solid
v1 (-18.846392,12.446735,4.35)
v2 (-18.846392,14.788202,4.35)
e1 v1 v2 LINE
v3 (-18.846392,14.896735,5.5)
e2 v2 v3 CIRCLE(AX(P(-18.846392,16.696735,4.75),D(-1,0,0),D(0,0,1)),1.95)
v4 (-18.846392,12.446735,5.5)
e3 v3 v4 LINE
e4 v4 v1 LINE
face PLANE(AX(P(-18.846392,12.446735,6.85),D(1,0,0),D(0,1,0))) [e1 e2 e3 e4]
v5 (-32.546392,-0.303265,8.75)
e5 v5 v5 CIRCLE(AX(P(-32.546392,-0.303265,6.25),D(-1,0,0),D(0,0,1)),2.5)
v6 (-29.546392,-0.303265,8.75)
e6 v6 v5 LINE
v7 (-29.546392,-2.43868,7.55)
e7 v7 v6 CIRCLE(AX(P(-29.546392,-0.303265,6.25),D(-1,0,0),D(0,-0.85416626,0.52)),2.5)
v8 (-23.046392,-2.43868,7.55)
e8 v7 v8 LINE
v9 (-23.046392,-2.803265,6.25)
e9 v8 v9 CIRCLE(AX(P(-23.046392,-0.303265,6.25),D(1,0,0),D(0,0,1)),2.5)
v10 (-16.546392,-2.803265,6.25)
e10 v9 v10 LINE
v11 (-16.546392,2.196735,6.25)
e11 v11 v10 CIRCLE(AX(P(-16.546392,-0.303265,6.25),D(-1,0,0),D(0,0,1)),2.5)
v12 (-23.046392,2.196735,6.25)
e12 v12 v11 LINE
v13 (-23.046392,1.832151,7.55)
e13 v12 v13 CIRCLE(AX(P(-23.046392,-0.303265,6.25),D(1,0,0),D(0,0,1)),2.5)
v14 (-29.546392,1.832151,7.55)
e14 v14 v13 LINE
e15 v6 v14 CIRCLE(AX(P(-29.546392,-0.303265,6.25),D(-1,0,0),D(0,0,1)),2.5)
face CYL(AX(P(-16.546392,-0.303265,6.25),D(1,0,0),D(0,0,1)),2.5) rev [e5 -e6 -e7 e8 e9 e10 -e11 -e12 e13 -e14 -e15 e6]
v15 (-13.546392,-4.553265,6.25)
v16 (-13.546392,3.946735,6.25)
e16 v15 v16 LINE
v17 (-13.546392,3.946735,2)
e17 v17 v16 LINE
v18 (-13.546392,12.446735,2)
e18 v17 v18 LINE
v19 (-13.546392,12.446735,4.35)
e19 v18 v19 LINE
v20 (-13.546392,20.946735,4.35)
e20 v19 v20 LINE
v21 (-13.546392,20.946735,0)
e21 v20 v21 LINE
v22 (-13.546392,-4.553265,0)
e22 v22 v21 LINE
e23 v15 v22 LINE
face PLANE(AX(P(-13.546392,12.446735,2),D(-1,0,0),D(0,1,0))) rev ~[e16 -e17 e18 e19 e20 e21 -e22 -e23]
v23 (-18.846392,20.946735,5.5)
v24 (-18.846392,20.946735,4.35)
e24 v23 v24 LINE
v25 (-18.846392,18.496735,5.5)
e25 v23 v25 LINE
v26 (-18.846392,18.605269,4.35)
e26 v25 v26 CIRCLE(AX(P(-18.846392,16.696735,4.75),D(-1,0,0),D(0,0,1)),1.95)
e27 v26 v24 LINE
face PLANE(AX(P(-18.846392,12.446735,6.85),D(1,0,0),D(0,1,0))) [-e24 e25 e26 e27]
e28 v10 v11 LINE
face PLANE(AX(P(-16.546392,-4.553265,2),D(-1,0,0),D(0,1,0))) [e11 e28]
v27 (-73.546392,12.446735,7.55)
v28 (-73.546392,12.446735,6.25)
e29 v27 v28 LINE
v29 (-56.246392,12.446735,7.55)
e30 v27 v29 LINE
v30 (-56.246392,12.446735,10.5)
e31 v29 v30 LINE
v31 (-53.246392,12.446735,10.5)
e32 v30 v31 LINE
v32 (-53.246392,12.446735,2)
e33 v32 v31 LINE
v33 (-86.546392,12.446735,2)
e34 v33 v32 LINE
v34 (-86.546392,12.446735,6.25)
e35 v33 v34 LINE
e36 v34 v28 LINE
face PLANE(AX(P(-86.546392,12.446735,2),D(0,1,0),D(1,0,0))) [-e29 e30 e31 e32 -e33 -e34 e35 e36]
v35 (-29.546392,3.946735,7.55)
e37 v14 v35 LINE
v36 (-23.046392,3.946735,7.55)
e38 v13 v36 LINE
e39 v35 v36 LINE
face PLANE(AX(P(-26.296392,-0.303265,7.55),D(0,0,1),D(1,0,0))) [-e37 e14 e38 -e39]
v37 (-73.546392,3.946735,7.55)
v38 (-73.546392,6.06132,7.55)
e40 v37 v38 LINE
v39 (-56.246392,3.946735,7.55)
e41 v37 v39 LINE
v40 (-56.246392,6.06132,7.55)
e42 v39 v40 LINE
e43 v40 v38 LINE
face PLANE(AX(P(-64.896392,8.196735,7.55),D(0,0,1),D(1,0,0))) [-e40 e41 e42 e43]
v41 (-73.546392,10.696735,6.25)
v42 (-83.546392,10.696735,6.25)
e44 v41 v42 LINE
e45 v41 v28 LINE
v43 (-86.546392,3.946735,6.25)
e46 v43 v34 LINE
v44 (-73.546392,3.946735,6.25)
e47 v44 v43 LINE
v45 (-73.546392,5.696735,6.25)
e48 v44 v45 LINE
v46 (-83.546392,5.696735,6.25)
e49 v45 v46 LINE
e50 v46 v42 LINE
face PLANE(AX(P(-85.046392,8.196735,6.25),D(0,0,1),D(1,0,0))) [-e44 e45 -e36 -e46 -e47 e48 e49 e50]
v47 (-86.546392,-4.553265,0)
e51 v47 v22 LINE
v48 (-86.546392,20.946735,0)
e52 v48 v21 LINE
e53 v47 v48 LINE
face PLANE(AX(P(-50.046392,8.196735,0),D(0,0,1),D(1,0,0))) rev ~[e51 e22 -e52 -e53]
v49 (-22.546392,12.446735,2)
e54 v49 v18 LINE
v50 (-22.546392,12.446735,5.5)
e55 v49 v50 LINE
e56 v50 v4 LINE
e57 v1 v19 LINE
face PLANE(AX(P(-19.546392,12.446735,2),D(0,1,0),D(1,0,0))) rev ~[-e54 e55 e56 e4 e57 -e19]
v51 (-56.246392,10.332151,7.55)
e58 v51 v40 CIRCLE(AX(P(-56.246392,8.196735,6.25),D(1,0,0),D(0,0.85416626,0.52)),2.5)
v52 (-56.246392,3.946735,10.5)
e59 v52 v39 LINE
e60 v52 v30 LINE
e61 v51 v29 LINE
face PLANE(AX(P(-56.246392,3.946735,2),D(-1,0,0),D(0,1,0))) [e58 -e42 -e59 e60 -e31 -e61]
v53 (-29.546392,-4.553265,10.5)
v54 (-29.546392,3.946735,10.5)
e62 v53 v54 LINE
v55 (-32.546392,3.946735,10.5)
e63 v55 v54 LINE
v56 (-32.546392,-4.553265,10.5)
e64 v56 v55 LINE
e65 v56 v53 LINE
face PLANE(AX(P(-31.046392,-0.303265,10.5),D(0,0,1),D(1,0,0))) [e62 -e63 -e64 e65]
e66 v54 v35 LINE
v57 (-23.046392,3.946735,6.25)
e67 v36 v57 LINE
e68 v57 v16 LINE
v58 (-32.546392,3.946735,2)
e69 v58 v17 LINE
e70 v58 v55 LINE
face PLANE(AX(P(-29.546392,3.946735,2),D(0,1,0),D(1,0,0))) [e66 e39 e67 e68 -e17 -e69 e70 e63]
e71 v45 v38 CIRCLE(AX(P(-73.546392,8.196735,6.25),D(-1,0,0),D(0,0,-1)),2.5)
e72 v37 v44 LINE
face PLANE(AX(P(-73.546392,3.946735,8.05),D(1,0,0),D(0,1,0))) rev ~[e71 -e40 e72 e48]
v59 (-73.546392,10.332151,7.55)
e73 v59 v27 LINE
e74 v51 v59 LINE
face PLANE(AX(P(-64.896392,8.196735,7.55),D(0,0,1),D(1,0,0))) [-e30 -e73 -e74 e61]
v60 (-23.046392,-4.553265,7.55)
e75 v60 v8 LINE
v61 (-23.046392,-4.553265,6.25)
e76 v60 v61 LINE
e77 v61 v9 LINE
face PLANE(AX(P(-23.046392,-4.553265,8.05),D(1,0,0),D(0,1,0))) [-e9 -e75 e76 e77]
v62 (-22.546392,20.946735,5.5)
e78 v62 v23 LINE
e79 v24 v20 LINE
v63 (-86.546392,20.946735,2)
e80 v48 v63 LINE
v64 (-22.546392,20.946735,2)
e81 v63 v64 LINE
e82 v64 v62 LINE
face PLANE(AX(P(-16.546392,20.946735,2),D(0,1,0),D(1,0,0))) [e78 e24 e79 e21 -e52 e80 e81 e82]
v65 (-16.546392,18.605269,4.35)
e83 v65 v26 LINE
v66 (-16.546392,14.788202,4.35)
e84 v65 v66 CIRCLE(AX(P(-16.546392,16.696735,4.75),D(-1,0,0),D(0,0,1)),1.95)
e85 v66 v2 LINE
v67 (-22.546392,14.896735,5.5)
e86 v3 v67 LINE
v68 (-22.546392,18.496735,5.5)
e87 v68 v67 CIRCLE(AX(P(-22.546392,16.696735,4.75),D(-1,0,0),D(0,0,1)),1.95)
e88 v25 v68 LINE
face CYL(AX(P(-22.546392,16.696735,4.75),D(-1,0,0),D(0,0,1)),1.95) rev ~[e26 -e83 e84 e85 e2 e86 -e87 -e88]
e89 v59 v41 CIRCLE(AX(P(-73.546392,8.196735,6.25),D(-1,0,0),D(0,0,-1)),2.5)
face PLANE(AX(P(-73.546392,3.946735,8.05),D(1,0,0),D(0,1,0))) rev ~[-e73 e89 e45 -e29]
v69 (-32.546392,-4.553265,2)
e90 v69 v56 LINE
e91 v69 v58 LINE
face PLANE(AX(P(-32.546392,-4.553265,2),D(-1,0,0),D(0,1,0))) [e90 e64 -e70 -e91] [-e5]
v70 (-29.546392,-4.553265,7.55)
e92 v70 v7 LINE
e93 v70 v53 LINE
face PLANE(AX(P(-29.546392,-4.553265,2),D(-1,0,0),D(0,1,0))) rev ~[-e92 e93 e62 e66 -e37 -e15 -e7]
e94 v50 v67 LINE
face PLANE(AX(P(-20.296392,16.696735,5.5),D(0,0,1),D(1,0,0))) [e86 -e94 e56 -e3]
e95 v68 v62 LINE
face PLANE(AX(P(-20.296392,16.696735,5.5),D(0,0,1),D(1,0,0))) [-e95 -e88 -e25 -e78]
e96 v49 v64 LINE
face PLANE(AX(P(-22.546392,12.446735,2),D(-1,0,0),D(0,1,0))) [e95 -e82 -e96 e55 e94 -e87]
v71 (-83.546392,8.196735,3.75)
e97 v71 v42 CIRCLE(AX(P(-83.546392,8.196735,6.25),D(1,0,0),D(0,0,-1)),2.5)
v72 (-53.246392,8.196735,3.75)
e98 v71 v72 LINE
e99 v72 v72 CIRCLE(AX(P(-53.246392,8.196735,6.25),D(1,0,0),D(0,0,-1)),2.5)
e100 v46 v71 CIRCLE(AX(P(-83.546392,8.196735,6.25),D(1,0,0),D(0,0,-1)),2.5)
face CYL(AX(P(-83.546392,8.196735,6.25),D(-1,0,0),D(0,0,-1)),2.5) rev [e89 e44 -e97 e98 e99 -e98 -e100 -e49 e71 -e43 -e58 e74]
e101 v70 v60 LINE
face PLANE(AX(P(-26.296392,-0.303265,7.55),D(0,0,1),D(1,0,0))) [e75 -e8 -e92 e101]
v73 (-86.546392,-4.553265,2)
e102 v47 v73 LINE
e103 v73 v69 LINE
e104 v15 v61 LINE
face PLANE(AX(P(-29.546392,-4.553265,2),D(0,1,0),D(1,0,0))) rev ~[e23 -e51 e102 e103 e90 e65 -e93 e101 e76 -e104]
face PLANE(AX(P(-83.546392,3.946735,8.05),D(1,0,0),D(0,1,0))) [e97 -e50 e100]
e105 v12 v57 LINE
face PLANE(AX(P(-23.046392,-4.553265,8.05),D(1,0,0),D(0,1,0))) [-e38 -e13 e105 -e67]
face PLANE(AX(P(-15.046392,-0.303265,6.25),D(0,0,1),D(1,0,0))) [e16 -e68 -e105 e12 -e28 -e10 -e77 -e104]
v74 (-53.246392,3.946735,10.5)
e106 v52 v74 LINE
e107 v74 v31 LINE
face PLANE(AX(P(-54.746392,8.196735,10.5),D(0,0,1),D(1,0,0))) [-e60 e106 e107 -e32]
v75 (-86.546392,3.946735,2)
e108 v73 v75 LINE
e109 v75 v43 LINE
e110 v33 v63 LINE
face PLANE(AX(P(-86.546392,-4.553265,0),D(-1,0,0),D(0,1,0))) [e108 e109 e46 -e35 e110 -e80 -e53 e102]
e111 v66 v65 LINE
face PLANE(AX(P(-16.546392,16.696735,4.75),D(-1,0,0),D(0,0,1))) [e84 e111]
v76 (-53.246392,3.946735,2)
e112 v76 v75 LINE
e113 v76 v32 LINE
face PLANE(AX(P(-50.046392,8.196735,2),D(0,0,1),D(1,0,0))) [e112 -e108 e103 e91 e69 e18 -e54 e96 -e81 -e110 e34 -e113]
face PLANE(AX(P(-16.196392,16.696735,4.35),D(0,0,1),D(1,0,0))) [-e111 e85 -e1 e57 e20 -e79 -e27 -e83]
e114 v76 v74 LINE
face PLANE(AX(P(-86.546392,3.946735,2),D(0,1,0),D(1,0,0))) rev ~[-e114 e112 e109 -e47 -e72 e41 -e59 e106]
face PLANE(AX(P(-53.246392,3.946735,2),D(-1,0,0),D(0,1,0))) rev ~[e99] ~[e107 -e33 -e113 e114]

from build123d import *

# Parameters (mm, degrees)
CROQUIS1_W              = 73
CROQUIS1_H              = 25.5
SALIENTE_EXTRUIR1_DEPTH = 2
CROQUIS2_W              = 3
CROQUIS2_H              = 8.5
SALIENTE_EXTRUIR2_DEPTH = 8.5
CROQUIS4_W              = 13
CROQUIS4_H              = 8.5
CROQUIS4_W_2            = 27.3
SALIENTE_EXTRUIR3_DEPTH = 6.05
CORTAR_EXTRUIR1_START   = -16
CROQUIS5_R              = 2.5
CORTAR_EXTRUIR1_DEPTH   = 16
CORTAR_EXTRUIR2_START   = -30.3
CROQUIS6_R              = 2.5
CORTAR_EXTRUIR2_DEPTH   = 30.3
CROQUIS7_W              = 10
CROQUIS7_H              = 8.5
CROQUIS7_W_2            = 6.5
CORTAR_EXTRUIR3_DEPTH   = 1.8
CROQUIS8_W              = 3
CROQUIS8_H              = 8.5
SALIENTE_EXTRUIR4_DEPTH = 4.85
CROQUIS9_R              = 1.95
CORTAR_EXTRUIR4_DEPTH   = 6
CORTAR_EXTRUIR5_START   = -3.65
CROQUIS10_W             = 3
CROQUIS10_H             = 8.5
CORTAR_EXTRUIR5_DEPTH   = 3.65
CORTAR_EXTRUIR6_START   = -4.25
CROQUIS11_W             = 3
CROQUIS11_H             = 8.5
CORTAR_EXTRUIR6_DEPTH   = 4.25
CROQUIS12_W             = 17.3
CROQUIS12_H             = 8.5
CROQUIS12_W_2           = 6.5
CORTAR_EXTRUIR7_DEPTH   = 0.5
CROQUIS13_W             = 5.3
CROQUIS13_H             = 8.5
CORTAR_EXTRUIR8_DEPTH   = 2.5
CROQUIS15_W             = 4.5
CROQUIS15_H             = 8.5
CORTAR_EXTRUIR9_DEPTH   = 5


with BuildPart() as part:
    # Croquis1 → Saliente-Extruir1 (new body)
    with BuildSketch(Plane.XY):
        with Locations((-50.046391753, 8.196735395)):
            Rectangle(CROQUIS1_W, CROQUIS1_H)
    extrude(amount=SALIENTE_EXTRUIR1_DEPTH)

    # Croquis2 → Saliente-Extruir2 (add)
    with BuildSketch(Plane.XY.offset(2)):
        with Locations((-15.046391753, 16.696735395)):
            Rectangle(CROQUIS2_W, CROQUIS2_H)
        with Locations((-15.046391753, -0.303264605)):
            Rectangle(CROQUIS2_W, CROQUIS2_H)
        with Locations((-85.046391753, 8.196735395)):
            Rectangle(CROQUIS2_W, CROQUIS2_H)
        with Locations((-21.046391753, 16.696735395)):
            Rectangle(CROQUIS2_W, CROQUIS2_H)
        with Locations((-31.046391753, -0.303264605)):
            Rectangle(CROQUIS2_W, CROQUIS2_H)
        with Locations((-54.746391753, 8.196735395)):
            Rectangle(CROQUIS2_W, CROQUIS2_H)
    extrude(amount=SALIENTE_EXTRUIR2_DEPTH)

    # Croquis4 → Saliente-Extruir3 (add)
    with BuildSketch(Plane.XY.offset(2)):
        with Locations((-23.046391753, -0.303264605)):
            Rectangle(CROQUIS4_W, CROQUIS4_H)
        with Locations((-69.896391753, 8.196735395)):
            Rectangle(CROQUIS4_W_2, CROQUIS4_H)
    extrude(amount=SALIENTE_EXTRUIR3_DEPTH)

    # Croquis5 → Cortar-Extruir1 (cut)
    with BuildSketch(Plane.ZY.offset(32.546391753).offset(CORTAR_EXTRUIR1_START)):
        with Locations((6.25, -0.303264605)):
            Circle(CROQUIS5_R)
    extrude(amount=CORTAR_EXTRUIR1_DEPTH, mode=Mode.SUBTRACT)

    # Croquis6 → Cortar-Extruir2 (cut)
    with BuildSketch(Plane(origin=(-53.246391753, 0, 0), x_dir=(0, 0, -1), z_dir=(1, 0, 0)).offset(CORTAR_EXTRUIR2_START)):
        with Locations((-6.25, 8.196735395)):
            Circle(CROQUIS6_R)
    extrude(amount=CORTAR_EXTRUIR2_DEPTH, mode=Mode.SUBTRACT)

    # Croquis7 → Cortar-Extruir3 (cut)
    with BuildSketch(Plane.XY.offset(8.05)):
        with Locations((-78.546391753, 8.196735395)):
            Rectangle(CROQUIS7_W, CROQUIS7_H)
        with Locations((-19.796391753, -0.303264605)):
            Rectangle(CROQUIS7_W_2, CROQUIS7_H)
    extrude(amount=-CORTAR_EXTRUIR3_DEPTH, mode=Mode.SUBTRACT)

    # Croquis8 → Saliente-Extruir4 (add)
    with BuildSketch(Plane.XY.offset(2)):
        with Locations((-18.046391753, 16.696735395)):
            Rectangle(CROQUIS8_W, CROQUIS8_H)
    extrude(amount=SALIENTE_EXTRUIR4_DEPTH)

    # Croquis9 → Cortar-Extruir4 (cut)
    with BuildSketch(Plane.ZY.offset(22.546391753)):
        with Locations((4.75, 16.696735395)):
            Circle(CROQUIS9_R)
    extrude(amount=-CORTAR_EXTRUIR4_DEPTH, mode=Mode.SUBTRACT)

    # Croquis10 → Cortar-Extruir5 (cut)
    with BuildSketch(Plane.XY.offset(10.5).offset(CORTAR_EXTRUIR5_START)):
        with Locations((-15.046391753, 16.696735395)):
            Rectangle(CROQUIS10_W, CROQUIS10_H)
    extrude(amount=CORTAR_EXTRUIR5_DEPTH, mode=Mode.SUBTRACT)

    # Croquis11 → Cortar-Extruir6 (cut)
    with BuildSketch(Plane.XY.offset(10.5).offset(CORTAR_EXTRUIR6_START)):
        with Locations((-15.046391753, -0.303264605)):
            Rectangle(CROQUIS11_W, CROQUIS11_H)
        with Locations((-85.046391753, 8.196735395)):
            Rectangle(CROQUIS11_W, CROQUIS11_H)
    extrude(amount=CORTAR_EXTRUIR6_DEPTH, mode=Mode.SUBTRACT)

    # Croquis12 → Cortar-Extruir7 (cut)
    with BuildSketch(Plane.XY.offset(8.05)):
        with Locations((-64.896391753, 8.196735395)):
            Rectangle(CROQUIS12_W, CROQUIS12_H)
        with Locations((-26.296391753, -0.303264605)):
            Rectangle(CROQUIS12_W_2, CROQUIS12_H)
    extrude(amount=-CORTAR_EXTRUIR7_DEPTH, mode=Mode.SUBTRACT)

    # Croquis13 → Cortar-Extruir8 (cut)
    with BuildSketch(Plane.XY.offset(6.85)):
        with Locations((-16.196391753, 16.696735395)):
            Rectangle(CROQUIS13_W, CROQUIS13_H)
    extrude(amount=-CORTAR_EXTRUIR8_DEPTH, mode=Mode.SUBTRACT)

    # Croquis15 → Cortar-Extruir9 (cut)
    with BuildSketch(Plane.XY.offset(10.5)):
        with Locations((-20.296391753, 16.696735395)):
            Rectangle(CROQUIS15_W, CROQUIS15_H)
    extrude(amount=-CORTAR_EXTRUIR9_DEPTH, mode=Mode.SUBTRACT)


solid = part.part
